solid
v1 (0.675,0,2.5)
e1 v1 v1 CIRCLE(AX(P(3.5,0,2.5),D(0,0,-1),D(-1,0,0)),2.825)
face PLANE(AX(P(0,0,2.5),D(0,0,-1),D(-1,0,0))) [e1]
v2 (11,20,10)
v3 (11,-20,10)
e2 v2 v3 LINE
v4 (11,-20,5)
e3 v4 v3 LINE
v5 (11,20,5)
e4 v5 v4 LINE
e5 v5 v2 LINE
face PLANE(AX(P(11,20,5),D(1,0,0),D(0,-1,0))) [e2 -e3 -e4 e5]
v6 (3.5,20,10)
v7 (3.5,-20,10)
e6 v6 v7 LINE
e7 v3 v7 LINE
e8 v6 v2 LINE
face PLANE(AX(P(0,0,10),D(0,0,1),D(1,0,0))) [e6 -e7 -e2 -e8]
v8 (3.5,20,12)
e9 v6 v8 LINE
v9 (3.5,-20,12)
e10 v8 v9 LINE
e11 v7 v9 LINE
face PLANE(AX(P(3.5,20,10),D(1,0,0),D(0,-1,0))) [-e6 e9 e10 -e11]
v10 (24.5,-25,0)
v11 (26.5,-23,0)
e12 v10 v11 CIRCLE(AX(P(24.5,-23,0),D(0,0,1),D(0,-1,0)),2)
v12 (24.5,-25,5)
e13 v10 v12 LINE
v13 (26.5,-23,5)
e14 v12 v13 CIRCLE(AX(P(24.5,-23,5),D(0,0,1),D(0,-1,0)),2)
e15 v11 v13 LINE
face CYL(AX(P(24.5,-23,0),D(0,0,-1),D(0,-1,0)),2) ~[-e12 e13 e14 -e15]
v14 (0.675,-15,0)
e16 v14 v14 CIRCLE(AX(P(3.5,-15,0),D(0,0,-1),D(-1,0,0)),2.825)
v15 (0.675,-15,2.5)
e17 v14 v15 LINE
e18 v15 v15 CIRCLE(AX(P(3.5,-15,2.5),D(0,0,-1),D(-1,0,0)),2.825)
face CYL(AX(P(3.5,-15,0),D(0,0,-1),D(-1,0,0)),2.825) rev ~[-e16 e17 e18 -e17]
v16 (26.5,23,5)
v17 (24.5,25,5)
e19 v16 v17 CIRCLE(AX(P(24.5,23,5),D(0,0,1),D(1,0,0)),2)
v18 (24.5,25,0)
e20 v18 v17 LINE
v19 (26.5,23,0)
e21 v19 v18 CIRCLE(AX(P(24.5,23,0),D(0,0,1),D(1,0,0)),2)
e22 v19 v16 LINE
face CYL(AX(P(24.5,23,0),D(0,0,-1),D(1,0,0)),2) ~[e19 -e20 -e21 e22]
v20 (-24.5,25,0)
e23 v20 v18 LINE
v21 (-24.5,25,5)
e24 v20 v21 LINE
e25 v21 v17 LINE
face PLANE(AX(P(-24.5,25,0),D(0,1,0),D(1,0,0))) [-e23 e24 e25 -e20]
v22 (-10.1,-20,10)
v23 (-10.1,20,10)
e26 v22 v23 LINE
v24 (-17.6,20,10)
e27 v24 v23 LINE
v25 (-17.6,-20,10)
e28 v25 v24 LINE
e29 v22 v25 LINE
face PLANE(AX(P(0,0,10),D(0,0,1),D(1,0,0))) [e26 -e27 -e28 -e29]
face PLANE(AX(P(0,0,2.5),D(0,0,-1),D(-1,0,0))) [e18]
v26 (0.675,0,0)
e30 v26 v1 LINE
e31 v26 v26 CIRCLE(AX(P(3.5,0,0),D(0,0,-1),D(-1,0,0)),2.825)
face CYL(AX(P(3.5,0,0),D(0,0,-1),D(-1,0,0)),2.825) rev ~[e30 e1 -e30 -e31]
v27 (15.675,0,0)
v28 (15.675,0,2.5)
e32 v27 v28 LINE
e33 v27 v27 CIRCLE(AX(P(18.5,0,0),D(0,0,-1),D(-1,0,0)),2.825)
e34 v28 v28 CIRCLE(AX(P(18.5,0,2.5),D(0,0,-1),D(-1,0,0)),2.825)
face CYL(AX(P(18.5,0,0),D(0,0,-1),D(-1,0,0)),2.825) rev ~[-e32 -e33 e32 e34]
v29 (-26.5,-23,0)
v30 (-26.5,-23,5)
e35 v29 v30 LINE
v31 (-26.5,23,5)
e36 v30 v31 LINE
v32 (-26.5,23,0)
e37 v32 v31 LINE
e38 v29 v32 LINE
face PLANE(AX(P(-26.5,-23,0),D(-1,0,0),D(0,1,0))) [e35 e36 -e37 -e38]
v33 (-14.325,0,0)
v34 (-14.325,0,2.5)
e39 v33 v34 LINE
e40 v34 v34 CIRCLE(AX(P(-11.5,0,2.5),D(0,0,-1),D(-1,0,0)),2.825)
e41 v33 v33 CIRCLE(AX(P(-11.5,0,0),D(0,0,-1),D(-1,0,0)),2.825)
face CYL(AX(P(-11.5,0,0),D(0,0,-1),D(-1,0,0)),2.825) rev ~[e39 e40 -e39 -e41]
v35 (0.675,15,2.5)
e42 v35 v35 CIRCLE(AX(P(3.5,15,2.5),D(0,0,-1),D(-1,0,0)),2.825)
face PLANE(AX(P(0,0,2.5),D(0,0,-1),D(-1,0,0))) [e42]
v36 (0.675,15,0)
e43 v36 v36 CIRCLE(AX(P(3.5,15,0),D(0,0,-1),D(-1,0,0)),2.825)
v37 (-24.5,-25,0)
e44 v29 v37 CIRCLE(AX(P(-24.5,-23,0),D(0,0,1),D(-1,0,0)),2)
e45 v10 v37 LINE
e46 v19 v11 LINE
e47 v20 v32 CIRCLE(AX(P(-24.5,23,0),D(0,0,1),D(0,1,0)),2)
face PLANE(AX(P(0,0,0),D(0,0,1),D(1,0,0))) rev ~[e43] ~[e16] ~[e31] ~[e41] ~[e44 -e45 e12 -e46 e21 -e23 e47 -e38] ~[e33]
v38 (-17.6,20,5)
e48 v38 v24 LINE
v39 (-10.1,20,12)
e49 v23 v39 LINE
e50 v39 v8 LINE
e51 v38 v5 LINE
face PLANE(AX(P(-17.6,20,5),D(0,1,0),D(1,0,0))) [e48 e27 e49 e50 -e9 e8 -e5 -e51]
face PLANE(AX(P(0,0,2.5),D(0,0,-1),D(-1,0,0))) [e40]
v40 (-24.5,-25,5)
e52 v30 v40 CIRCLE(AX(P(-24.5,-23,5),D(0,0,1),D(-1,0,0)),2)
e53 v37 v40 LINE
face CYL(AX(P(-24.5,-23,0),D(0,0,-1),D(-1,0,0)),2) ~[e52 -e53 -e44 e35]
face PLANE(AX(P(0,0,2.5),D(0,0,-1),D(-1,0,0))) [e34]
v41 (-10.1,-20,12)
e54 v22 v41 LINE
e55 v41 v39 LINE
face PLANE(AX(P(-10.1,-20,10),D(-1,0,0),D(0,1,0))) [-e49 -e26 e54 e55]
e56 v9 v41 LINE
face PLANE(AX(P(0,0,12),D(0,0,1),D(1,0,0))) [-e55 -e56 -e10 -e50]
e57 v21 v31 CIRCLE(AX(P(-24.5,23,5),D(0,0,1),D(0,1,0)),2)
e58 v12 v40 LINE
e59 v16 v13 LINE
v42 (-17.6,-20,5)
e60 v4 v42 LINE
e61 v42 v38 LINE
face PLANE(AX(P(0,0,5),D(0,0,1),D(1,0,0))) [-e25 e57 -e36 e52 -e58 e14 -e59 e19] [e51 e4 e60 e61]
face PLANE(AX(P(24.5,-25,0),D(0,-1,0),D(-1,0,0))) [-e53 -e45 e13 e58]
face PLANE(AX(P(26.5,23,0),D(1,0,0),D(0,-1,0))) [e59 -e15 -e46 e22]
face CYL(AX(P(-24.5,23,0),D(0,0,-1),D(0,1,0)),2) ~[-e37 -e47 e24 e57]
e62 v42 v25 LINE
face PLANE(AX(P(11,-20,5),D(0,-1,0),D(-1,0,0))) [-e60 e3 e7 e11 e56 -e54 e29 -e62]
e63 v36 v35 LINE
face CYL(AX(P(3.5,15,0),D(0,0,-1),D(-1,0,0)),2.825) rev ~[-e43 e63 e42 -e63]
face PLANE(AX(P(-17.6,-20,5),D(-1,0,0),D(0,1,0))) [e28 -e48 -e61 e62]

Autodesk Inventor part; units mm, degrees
ref_plane "YZ Plane" through (0, 0, 0) normal (1, 0, 0) x (0, 1, 0)
ref_plane "XZ Plane" through (0, 0, 0) normal (0, 1, 0) x (-1, 0, 0)
ref_plane "XY Plane" through (0, 0, 0) normal (0, 0, 1) x (1, 0, 0)
sketch "Sketch1" plane through (0, 0, 0) normal (0, 0, 1) x (1, 0, 0)
  line L0 (-24.5, 25) -> (24.5, 25)
  line L1 (26.5, 23) -> (26.5, -23)
  line L2 (24.5, -25) -> (-24.5, -25)
  line L3 (-26.5, -23) -> (-26.5, 23)
  arc A0 (-24.5, 25) -> (-26.5, 23) centre (-24.5, 23) ccw
  arc A1 (-26.5, -23) -> (-24.5, -25) centre (-24.5, -23) ccw
  arc A2 (24.5, -25) -> (26.5, -23) centre (24.5, -23) ccw
  arc A3 (26.5, 23) -> (24.5, 25) centre (24.5, 23) ccw
  point P0 (0, 0)
  point P1 (-26.5, 25)
  point P2 (26.5, -25)
  point P3 (26.5, 25)
  dimension "d0" = 53
  dimension "d2" = 2
  dimension "d3" = 25
  dimension "d4" = 50
  dimension "d5" = 26.5
extrude "base" add sketch "Sketch1" along normal blind 5
sketch "Sketch3" plane through (0, 0, 0) normal (0, 0, -1) x (-1, 0, 0)
  line L0 (26.5, 23) -> (26.5, -23) projected
  circle A0 centre (-3.5, 15) radius 2.825
  circle A1 centre (-18.5, 0) radius 2.825
  circle A2 centre (-3.5, 0) radius 2.825
  circle A3 centre (-3.5, -15) radius 2.825
  circle A4 centre (11.5, 0) radius 2.825
  point P0 (0, 0)
  dimension "d14" = 15
  dimension "d15" = 15
  dimension "d16" = 15
  dimension "d17" = 15
  dimension "d18" = 15
  dimension "d56" = 5.65
  dimension "d57" = 5.65
  dimension "d58" = 5.65
  dimension "d59" = 5.65
  dimension "d60" = 5.65
extrude "magnetExt" cut sketch "Sketch3" against normal blind 2.5
sketch "Sketch7" plane through (0, 0, 5) normal (0, 0, 1) x (1, 0, 0)
  line L0 (-17.6, 20) -> (11, 20)
  line L1 (11, 20) -> (11, -20)
  line L2 (11, -20) -> (-17.6, -20)
  line L3 (-17.6, -20) -> (-17.6, 20)
  line L4 (-26.5, 23) -> (-26.5, -23) projected
  point P0 (0, 0)
  dimension "d70" = 40
  dimension "d71" = 20
  dimension "d72" = 28.6
  dimension "d73" = 8.9
extrude "spacerOne" add sketch "Sketch7" along normal blind 5
sketch "Sketch8" plane through (0, 0, 10) normal (0, 0, 1) x (1, 0, 0)
  line L0 (-10.1, 20) -> (3.5, 20)
  line L1 (3.5, 20) -> (3.5, -20)
  line L2 (3.5, -20) -> (-10.1, -20)
  line L3 (-10.1, -20) -> (-10.1, 20)
  line L4 (-26.5, 23) -> (-26.5, -23) projected
  point P0 (0, 0)
  dimension "d76" = 40
  dimension "d77" = 20
  dimension "d78" = 13.6
  dimension "d79" = 30
extrude "sample" add sketch "Sketch8" along normal blind 2
equation "\"d3\" = 0.5 * d4"
equation "\"d5\" = 0.5 * d0"
equation "\"d16\" = d15"
equation "\"d17\" = d15"
equation "\"d18\" = d15"
equation "\"d56\" = d60"
equation "\"d57\" = d60"
equation "\"d58\" = d60"
equation "\"d59\" = d60"
equation "\"d71\" = 0.5 * d70"
equation "\"d77\" = 0.5 * d76"
equation "\"d1\" = d0"
properties part number "chamberInsertFlat"
